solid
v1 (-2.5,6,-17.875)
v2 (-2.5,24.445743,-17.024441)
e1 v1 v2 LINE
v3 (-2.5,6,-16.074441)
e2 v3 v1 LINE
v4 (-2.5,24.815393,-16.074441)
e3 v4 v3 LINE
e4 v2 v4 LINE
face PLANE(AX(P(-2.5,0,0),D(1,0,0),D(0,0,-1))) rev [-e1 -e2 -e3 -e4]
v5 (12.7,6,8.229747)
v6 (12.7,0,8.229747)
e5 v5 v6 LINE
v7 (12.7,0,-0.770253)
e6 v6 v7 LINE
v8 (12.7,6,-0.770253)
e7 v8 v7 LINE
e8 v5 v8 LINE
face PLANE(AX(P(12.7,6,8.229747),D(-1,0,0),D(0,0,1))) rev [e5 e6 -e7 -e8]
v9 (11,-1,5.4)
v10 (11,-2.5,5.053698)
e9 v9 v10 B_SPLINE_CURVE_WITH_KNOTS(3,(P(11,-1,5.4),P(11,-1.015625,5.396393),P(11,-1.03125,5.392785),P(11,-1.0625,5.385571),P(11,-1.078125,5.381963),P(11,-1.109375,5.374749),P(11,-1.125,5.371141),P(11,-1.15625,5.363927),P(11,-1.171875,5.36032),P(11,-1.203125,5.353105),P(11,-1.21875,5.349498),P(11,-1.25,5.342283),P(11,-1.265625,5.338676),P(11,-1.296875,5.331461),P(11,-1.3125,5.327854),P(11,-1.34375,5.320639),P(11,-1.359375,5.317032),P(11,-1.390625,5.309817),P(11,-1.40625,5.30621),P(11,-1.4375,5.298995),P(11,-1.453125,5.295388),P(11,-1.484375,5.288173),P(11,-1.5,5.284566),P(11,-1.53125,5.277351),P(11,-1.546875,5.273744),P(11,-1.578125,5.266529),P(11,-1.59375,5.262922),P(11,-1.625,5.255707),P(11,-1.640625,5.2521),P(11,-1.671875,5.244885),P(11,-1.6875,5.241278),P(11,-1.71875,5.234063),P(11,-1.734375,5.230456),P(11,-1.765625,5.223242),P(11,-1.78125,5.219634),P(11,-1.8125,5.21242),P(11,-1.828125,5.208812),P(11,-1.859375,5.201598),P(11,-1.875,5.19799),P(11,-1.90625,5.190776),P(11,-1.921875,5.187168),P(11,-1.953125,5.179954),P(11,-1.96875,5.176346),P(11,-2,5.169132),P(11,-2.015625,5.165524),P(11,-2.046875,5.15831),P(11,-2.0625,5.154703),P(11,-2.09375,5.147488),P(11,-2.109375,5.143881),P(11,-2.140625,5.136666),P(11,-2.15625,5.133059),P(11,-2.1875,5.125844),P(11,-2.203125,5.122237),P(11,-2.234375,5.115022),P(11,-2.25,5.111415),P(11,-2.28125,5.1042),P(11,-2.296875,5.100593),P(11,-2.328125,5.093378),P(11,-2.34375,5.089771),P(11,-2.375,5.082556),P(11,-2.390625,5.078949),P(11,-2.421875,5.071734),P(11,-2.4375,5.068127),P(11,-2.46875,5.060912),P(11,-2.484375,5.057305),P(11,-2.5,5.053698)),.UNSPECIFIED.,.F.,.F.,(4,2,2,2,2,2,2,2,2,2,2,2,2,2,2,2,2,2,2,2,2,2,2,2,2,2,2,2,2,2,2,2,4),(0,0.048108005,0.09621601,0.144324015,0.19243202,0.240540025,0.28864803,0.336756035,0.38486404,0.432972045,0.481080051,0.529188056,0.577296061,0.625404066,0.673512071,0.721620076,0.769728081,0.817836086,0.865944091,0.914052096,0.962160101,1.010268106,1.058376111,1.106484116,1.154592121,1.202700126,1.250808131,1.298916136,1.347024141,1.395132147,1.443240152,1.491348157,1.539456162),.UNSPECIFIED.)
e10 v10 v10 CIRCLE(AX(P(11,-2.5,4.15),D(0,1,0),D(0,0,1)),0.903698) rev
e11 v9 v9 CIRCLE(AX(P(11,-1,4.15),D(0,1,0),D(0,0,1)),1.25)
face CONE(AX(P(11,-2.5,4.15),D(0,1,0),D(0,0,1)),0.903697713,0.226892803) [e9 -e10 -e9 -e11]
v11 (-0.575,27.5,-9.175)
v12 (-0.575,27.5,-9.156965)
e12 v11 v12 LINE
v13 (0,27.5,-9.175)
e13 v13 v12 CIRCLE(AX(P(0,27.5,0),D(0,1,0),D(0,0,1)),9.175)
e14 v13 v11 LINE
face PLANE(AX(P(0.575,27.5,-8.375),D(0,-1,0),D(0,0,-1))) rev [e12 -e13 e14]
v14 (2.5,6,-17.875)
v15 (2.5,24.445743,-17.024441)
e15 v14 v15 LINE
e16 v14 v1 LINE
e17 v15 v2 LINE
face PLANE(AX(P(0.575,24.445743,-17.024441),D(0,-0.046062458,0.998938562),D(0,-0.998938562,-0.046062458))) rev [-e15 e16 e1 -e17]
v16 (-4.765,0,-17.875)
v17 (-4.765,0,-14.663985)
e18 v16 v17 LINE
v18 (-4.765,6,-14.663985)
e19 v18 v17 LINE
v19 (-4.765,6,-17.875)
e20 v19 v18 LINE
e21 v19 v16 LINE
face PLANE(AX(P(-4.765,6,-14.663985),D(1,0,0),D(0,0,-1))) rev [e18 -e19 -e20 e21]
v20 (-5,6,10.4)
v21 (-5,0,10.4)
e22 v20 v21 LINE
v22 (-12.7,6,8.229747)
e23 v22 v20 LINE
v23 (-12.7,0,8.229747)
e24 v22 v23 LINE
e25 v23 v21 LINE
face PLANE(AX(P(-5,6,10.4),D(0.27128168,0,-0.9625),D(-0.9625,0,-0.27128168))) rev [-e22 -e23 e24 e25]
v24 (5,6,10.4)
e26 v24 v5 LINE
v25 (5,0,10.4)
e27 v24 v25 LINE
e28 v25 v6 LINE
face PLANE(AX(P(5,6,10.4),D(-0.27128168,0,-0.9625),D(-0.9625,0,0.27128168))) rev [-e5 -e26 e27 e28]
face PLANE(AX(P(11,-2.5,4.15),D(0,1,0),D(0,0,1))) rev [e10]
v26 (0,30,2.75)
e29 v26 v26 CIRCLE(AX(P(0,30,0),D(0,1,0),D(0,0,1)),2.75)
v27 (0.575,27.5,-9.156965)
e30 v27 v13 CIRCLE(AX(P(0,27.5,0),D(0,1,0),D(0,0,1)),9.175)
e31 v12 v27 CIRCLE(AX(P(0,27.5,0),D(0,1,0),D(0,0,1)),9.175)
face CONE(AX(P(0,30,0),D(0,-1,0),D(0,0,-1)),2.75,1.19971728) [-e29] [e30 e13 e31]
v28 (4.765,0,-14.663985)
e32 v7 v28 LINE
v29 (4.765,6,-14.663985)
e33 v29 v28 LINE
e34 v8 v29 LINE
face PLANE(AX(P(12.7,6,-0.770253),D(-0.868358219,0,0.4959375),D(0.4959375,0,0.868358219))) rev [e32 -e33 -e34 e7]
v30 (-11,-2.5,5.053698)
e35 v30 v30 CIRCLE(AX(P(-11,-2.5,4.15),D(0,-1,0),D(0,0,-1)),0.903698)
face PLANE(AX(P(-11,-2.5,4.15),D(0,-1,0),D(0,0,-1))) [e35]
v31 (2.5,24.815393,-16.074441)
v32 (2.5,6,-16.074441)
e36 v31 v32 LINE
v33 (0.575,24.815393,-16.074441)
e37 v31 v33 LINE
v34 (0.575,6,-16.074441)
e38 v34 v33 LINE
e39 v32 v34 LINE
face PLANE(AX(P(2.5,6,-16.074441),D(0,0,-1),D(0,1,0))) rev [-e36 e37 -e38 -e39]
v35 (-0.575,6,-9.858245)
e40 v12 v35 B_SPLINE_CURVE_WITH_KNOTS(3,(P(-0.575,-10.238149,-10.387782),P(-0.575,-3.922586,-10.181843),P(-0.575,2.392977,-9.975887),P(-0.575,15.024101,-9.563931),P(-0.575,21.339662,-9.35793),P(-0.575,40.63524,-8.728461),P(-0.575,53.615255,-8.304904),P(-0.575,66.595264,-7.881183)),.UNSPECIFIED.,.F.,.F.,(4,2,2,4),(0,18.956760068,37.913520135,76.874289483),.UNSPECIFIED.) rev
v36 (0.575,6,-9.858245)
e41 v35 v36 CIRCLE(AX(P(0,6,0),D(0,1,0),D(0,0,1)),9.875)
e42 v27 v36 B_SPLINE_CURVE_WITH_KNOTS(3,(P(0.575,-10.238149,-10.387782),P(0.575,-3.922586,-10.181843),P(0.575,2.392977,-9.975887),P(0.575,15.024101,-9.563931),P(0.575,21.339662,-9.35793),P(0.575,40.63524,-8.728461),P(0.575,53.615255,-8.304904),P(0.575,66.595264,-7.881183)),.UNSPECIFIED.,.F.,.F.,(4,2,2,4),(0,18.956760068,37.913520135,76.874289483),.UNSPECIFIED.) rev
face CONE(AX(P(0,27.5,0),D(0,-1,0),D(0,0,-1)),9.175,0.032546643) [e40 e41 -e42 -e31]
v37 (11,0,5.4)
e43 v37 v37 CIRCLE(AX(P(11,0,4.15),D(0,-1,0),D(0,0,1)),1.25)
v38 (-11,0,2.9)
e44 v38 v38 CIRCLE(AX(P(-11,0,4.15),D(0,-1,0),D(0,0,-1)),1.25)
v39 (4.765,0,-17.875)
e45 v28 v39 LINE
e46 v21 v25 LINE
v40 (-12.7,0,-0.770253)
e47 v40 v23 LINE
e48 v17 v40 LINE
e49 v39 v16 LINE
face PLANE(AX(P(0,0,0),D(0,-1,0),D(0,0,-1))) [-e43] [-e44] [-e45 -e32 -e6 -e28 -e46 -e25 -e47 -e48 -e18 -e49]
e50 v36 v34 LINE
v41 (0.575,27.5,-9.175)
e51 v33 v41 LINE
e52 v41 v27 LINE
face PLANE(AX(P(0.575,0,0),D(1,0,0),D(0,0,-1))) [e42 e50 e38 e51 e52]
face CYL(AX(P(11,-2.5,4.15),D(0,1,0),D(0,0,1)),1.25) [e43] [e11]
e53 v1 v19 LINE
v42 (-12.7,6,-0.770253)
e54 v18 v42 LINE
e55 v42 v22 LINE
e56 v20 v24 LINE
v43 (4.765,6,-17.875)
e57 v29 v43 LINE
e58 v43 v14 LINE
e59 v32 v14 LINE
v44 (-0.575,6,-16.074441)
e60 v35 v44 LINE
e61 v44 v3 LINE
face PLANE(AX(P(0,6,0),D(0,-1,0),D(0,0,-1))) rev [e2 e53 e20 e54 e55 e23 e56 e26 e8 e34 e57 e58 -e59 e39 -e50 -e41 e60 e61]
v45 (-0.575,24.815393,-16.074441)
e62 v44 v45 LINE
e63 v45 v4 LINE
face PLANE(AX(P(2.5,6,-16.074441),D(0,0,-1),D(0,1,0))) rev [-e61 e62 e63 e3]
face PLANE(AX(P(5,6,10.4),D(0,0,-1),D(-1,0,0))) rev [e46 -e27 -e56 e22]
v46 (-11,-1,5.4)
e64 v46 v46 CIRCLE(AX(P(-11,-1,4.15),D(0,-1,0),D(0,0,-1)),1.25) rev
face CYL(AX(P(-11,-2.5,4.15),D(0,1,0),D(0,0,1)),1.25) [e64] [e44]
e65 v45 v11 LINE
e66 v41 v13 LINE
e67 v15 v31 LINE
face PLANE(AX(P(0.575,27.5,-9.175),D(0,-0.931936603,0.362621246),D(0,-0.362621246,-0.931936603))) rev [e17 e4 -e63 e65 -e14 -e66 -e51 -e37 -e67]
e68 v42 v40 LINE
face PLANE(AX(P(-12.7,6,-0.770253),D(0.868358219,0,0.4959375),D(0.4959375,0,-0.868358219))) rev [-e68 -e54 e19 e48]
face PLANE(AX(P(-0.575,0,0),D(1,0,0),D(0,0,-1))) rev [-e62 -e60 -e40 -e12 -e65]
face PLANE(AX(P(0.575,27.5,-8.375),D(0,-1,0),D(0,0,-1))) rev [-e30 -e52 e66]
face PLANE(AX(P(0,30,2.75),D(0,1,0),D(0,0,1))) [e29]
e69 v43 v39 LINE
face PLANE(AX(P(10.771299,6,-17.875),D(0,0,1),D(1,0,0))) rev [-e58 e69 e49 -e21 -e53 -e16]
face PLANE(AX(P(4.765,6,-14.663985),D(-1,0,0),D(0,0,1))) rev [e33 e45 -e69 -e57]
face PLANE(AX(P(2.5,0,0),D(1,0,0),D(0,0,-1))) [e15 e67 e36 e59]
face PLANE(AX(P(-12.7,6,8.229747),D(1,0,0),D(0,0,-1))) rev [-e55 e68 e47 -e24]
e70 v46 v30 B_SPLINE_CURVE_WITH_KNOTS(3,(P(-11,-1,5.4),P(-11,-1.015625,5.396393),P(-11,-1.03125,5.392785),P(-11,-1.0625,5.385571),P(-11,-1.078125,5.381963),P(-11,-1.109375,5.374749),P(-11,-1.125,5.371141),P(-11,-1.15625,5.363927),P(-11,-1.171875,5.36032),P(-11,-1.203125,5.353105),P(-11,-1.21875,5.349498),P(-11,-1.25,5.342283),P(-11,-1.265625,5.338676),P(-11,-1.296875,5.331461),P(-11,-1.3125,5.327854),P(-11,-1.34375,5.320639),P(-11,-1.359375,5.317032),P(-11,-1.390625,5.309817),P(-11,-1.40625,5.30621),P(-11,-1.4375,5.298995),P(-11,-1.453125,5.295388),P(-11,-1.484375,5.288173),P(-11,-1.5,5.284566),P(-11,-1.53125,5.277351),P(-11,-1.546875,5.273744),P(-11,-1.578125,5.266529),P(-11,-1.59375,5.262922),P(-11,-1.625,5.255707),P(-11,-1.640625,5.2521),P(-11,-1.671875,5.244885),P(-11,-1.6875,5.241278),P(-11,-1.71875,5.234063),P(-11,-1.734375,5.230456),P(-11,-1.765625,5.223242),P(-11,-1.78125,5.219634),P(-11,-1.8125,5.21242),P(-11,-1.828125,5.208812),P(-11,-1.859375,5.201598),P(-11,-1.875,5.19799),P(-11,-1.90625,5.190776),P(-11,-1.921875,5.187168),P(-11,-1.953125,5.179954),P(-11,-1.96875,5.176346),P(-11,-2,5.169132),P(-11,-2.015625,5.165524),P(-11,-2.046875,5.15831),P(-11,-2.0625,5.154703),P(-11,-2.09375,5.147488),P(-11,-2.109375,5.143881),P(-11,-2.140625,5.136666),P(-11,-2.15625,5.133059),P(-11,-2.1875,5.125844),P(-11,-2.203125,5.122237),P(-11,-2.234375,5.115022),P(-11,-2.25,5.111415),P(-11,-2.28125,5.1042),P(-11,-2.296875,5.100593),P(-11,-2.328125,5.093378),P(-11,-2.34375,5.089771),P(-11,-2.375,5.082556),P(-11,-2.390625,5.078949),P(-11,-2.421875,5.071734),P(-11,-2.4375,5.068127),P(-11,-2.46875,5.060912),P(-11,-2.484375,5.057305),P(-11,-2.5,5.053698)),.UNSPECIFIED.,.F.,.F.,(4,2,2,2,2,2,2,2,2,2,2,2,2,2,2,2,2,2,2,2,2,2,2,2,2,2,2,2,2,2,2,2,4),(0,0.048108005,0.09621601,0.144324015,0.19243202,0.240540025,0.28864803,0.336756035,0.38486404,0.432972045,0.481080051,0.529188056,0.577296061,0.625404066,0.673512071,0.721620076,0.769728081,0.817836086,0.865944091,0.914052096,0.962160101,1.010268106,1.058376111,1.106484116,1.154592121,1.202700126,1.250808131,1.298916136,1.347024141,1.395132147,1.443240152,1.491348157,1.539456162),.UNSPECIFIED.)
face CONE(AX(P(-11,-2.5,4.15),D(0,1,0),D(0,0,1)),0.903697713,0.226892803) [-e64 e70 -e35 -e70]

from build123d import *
from OCP.BRepFilletAPI import BRepFilletAPI_MakeChamfer

# Parameters (mm, degrees)
BOSS_EXTRU_1_DEPTH             = 6
BOSS_EXTRU_5_DEPTH             = 0.575
BOSS_EXTRU_6_REACH             = 39.159
ESQUISSE4_W                    = 0.275
ESQUISSE4_H                    = 6
BOSS_EXTRU_6_DIRECTION_2_REACH = 39.159
BOSS_EXTRU_7_DEPTH             = 2.5
ESQUISSE6_R                    = 1.25
BOSS_EXTRU_8_DEPTH             = 2.5
CHANFREIN1_SIZE                = 1.5
CHANFREIN1_SIZE2               = 0.346302287


with BuildPart() as part:
    # Esquisse1 → Boss.-Extru.1 (new body)
    with BuildSketch(Plane(origin=(0, 0, 0), x_dir=(1, 0, 0), z_dir=(0, 1, 0))):
        Polygon((5, -10.4), (-5, -10.4), (-12.7, -8.229746559), (-12.7, 0.770253441), (-4.765, 14.663984942), (-4.765, 17.6), (4.765, 17.6), (4.765, 14.663984942), (12.7, 0.770253441), (12.7, -8.229746559), align=None)
    extrude(amount=BOSS_EXTRU_1_DEPTH)

    # Esquisse2 → Révolution1 (revolve)
    with BuildSketch(Plane(origin=(0, 0, 0), x_dir=(0, 0, -1), z_dir=(1, 0, 0)), mode=Mode.PRIVATE) as r_volution1_sk:
        Polygon((0, 6), (-9.875, 6), (-9.175, 27.5), (-2.75, 30), (0, 30), align=None)
    revolve(r_volution1_sk.sketch.rotate(Axis((0, 30, 0), (0, -1, 0)), 180), axis=Axis((0, 30, 0), (0, -1, 0)))

    # Esquisse3 → Boss.-Extru.5 (add, symmetric)
    with BuildSketch(Plane(origin=(0, 0, 0), x_dir=(0, 0, -1), z_dir=(1, 0, 0))):
        Polygon((9.175, 27.5), (17.024440931, 24.445742828), (17.875, 6), (9.875, 6), (8.375, 6), (8.375, 27.5), align=None)
    extrude(amount=BOSS_EXTRU_5_DEPTH, both=True)

    # Boss.-Extru.6: up to this face of the body (flat: up to its plane)
    boss_extru_6_end = Plane(part.part.faces().sort_by_distance((4.765, 3, -16.131992471))[0])
    # Esquisse4 → Boss.-Extru.6 (add, up to the picked face)
    with BuildSketch(Plane(origin=(0, 0, 0), x_dir=(0, 0, -1), z_dir=(1, 0, 0)), mode=Mode.PRIVATE) as boss_extru_6_sk1:
        with Locations((17.7375, 3)):
            Rectangle(ESQUISSE4_W, ESQUISSE4_H)
    boss_extru_6_tool1 = split(extrude(boss_extru_6_sk1.sketch, amount=BOSS_EXTRU_6_REACH, mode=Mode.PRIVATE), bisect_by=boss_extru_6_end, keep=Keep.BOTH, mode=Mode.PRIVATE)
    add(boss_extru_6_tool1.solids().sort_by(Axis((0, 3, -17.7375), (1, 0, 0)))[0])

    # Boss.-Extru.6 direction 2: up to this face of the body (flat: up to its plane)
    boss_extru_6_direction_2_end = Plane(part.part.faces().sort_by_distance((-4.765, 3, -16.131992471))[0])
    # Esquisse4 → Boss.-Extru.6 direction 2 (add, up to the picked face)
    with BuildSketch(Plane(origin=(0, 0, 0), x_dir=(0, 0, -1), z_dir=(1, 0, 0)), mode=Mode.PRIVATE) as boss_extru_6_direction_2_sk1:
        with Locations((17.7375, 3)):
            Rectangle(ESQUISSE4_W, ESQUISSE4_H)
    boss_extru_6_direction_2_tool1 = split(extrude(boss_extru_6_direction_2_sk1.sketch, amount=-BOSS_EXTRU_6_DIRECTION_2_REACH, mode=Mode.PRIVATE), bisect_by=boss_extru_6_direction_2_end, keep=Keep.BOTH, mode=Mode.PRIVATE)
    add(boss_extru_6_direction_2_tool1.solids().sort_by(Axis((0, 3, -17.7375), (-1, 0, 0)))[0])

    # Esquisse5 → Boss.-Extru.7 (add, symmetric)
    with BuildSketch(Plane(origin=(0, 0, 0), x_dir=(0, 0, -1), z_dir=(1, 0, 0))):
        Polygon((16.074440931, 24.815392634), (17.024440931, 24.445742828), (17.875, 6), (16.074440931, 6), align=None)
    extrude(amount=BOSS_EXTRU_7_DEPTH, both=True)

    # Esquisse6 → Boss.-Extru.8 (add)
    with BuildSketch(Plane.XZ):
        with Locations(Location((-11, 4.15, 0), (0, 0, 270))):
            Circle(ESQUISSE6_R)
        with Locations(Location((11, 4.15, 0), (0, 0, 90))):
            Circle(ESQUISSE6_R)
    extrude(amount=BOSS_EXTRU_8_DEPTH)

    # Chanfrein1: one chamfer whose edges measure the first distance from different faces: ONE call of the kernel's chamfer builder (chamfer() names one face for all edges)
    chanfrein1_edges_1 = [part.edges().sort_by_distance(p)[0] for p in [
        (-11, -2.5, 5.4),
    ]]
    chanfrein1_side_1 = [part.faces().sort_by_distance(p)[0] for p in [
        (-11, -1.25, 5.4),
    ]]
    chanfrein1_edges_2 = [part.edges().sort_by_distance(p)[0] for p in [
        (11, -2.5, 2.9),
    ]]
    chanfrein1_side_2 = [part.faces().sort_by_distance(p)[0] for p in [
        (11, -1.25, 2.9),
    ]]
    chanfrein1 = BRepFilletAPI_MakeChamfer(part.part.solid().wrapped)
    for e in chanfrein1_edges_1:
        chanfrein1.Add(CHANFREIN1_SIZE, CHANFREIN1_SIZE2, e.wrapped, chanfrein1_side_1[0].wrapped)  # the first distance lies on this face
    for e in chanfrein1_edges_2:
        chanfrein1.Add(CHANFREIN1_SIZE, CHANFREIN1_SIZE2, e.wrapped, chanfrein1_side_2[0].wrapped)  # the first distance lies on this face
    add(Compound.cast(chanfrein1.Shape()), mode=Mode.REPLACE)


solid = part.part
